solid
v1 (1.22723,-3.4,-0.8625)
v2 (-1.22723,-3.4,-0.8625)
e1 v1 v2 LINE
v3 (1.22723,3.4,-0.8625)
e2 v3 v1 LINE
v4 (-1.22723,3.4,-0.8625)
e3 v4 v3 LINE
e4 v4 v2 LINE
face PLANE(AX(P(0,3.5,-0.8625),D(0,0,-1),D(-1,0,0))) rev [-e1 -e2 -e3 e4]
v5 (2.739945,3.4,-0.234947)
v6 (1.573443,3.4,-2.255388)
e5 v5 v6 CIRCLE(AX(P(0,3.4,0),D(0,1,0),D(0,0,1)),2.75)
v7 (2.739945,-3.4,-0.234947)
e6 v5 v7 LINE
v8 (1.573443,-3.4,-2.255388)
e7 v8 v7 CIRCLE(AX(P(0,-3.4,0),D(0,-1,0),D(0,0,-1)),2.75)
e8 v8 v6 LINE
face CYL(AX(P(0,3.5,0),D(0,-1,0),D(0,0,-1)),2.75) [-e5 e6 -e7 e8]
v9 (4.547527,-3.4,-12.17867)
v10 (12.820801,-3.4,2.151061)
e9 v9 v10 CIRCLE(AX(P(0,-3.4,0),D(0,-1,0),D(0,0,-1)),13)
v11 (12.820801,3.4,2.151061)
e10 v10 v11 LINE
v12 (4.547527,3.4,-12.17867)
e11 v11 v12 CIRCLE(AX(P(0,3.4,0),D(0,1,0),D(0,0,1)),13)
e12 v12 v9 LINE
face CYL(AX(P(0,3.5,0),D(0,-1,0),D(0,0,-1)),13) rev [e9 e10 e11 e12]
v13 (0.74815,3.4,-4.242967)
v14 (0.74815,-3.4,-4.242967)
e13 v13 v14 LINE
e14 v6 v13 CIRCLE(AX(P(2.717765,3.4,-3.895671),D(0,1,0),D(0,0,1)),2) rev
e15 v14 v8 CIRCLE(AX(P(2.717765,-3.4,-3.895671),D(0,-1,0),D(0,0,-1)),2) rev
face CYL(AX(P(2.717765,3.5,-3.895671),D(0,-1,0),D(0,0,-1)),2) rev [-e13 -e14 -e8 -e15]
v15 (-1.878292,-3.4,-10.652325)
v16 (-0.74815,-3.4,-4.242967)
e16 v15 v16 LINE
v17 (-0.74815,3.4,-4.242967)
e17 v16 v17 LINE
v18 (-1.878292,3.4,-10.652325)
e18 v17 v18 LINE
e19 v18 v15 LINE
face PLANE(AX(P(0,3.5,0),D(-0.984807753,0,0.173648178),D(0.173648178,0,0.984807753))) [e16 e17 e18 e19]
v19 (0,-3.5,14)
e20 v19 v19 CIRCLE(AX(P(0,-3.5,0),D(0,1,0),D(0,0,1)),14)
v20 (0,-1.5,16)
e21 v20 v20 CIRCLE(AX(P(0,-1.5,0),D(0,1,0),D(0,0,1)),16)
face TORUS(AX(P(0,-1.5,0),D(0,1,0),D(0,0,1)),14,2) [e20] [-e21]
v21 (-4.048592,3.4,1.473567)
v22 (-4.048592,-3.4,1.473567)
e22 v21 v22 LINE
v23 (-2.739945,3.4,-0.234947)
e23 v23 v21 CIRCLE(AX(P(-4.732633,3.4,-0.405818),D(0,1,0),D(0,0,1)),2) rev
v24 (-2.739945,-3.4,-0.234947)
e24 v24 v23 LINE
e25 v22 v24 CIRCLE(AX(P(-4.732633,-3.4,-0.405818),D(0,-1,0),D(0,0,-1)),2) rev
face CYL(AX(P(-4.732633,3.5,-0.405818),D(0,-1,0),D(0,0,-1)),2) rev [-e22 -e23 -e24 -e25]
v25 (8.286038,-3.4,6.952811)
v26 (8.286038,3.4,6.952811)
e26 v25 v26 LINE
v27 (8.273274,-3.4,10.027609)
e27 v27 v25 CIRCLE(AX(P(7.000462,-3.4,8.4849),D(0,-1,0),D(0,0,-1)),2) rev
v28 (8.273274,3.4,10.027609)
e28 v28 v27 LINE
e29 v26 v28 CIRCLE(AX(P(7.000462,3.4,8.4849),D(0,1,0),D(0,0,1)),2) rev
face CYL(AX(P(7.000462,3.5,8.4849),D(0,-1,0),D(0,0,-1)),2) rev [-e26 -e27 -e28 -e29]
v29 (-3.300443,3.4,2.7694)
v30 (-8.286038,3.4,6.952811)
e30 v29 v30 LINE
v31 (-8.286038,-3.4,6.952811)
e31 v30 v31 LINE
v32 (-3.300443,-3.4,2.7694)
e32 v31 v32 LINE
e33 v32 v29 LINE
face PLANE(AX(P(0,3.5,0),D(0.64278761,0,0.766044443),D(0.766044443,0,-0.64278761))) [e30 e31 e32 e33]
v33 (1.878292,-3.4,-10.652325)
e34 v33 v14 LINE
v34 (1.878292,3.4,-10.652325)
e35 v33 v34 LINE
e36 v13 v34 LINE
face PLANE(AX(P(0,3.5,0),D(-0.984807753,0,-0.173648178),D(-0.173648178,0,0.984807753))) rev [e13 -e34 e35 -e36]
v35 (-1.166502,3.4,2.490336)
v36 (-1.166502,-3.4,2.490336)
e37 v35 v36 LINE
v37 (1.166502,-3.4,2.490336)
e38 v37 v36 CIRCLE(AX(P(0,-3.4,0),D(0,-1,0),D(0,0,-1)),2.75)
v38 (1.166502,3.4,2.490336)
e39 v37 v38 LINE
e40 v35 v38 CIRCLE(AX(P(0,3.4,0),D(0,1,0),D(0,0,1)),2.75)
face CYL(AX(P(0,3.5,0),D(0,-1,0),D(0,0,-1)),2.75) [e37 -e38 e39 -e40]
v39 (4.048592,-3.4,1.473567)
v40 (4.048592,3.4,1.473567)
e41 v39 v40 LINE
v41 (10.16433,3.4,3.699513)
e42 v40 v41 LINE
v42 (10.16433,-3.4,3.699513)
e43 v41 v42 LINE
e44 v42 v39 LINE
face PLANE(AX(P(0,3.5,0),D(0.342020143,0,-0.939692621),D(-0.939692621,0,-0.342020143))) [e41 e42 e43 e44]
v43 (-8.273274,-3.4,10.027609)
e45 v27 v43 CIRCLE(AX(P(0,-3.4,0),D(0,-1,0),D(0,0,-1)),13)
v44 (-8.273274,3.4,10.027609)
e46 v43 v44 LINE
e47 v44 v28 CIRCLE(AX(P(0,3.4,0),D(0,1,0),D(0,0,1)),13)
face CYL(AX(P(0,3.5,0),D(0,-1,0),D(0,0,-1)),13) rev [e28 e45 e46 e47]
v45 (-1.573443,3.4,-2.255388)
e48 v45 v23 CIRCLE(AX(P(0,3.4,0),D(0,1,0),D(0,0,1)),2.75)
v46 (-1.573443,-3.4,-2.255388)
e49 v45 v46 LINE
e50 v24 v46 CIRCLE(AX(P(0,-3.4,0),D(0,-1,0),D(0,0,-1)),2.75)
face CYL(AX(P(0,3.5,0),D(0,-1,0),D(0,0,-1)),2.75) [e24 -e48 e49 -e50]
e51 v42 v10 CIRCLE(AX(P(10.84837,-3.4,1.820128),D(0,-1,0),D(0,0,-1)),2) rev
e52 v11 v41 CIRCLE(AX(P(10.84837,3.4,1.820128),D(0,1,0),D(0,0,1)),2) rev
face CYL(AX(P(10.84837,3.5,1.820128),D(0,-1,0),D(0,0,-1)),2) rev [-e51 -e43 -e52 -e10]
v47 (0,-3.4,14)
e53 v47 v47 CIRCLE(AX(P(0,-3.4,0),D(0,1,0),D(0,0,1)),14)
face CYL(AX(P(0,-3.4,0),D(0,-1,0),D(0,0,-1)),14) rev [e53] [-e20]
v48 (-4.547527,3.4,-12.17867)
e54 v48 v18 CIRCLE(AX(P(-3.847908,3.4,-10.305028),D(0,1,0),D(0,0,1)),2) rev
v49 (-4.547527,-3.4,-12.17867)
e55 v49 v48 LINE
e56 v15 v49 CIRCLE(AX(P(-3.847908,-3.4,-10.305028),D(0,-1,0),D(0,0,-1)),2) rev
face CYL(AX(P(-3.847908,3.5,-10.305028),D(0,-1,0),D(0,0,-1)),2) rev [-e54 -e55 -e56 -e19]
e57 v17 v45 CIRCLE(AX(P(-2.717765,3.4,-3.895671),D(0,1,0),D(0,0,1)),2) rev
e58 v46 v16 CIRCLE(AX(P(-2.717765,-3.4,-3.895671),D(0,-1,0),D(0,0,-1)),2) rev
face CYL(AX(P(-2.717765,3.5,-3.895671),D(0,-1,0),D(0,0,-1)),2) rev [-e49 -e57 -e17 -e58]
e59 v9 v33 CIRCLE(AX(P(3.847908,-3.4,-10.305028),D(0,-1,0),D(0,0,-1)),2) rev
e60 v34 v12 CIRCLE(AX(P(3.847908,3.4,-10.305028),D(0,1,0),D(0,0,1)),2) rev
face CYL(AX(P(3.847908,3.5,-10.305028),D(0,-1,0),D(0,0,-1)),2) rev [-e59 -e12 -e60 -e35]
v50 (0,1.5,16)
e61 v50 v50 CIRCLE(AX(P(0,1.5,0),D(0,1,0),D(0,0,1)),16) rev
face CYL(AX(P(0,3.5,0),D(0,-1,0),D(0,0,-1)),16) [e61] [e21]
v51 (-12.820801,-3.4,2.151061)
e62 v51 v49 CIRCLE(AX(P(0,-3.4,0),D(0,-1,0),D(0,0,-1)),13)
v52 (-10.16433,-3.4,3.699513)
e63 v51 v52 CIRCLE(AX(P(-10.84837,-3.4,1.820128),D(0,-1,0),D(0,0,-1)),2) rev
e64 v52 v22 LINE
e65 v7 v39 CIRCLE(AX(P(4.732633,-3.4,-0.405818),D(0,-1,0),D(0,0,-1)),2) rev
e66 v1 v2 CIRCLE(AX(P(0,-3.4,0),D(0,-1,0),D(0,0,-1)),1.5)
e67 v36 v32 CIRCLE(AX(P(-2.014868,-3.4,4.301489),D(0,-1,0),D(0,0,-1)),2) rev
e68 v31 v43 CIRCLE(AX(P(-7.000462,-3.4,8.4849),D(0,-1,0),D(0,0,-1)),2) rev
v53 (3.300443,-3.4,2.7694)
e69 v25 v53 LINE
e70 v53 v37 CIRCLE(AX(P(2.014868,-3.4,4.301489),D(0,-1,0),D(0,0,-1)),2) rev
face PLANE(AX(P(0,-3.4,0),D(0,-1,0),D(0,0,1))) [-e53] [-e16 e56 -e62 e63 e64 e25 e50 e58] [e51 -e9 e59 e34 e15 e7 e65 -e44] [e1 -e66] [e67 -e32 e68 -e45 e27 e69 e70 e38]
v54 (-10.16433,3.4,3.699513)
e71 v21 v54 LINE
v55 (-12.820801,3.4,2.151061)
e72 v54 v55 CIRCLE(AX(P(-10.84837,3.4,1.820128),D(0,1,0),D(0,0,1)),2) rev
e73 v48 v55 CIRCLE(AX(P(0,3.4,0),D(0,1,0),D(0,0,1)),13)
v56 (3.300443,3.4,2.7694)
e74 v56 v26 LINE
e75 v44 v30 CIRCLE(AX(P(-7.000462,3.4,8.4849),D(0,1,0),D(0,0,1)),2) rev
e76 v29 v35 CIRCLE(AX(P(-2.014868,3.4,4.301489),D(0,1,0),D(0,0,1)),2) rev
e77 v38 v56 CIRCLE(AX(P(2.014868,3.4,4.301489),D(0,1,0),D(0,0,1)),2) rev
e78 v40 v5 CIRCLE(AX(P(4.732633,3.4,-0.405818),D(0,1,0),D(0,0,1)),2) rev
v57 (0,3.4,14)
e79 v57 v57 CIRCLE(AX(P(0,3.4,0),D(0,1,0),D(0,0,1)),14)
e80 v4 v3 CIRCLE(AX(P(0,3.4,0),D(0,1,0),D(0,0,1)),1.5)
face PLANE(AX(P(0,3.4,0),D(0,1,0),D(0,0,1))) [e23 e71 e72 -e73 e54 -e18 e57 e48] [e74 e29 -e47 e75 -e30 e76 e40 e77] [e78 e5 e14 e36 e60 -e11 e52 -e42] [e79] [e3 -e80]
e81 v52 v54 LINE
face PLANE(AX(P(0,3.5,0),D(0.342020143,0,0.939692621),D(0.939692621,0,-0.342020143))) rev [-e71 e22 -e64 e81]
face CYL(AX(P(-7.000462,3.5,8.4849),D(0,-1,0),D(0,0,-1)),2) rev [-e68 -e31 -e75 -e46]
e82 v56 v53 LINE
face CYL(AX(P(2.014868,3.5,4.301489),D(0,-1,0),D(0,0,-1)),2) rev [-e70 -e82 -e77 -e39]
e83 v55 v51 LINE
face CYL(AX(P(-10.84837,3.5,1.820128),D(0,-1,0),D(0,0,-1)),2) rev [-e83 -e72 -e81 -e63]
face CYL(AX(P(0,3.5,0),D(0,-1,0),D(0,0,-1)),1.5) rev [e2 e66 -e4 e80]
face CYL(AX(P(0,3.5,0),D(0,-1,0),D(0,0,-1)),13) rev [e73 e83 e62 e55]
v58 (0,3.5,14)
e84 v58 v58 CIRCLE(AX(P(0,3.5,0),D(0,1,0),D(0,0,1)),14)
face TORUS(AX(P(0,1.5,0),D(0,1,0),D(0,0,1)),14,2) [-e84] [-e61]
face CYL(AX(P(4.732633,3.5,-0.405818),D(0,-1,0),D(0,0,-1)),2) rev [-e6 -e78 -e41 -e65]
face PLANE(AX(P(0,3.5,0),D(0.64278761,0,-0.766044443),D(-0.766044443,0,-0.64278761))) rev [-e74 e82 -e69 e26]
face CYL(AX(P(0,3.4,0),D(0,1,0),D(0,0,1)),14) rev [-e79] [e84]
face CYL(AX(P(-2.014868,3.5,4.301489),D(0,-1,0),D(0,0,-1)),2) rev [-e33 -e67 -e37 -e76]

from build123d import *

# Parameters (mm, degrees)
SKETCH1_R           = 16
SKETCH1_R_2         = 13
SKETCH1_R_3         = 2.75
BOSS_EXTRUDE1_DEPTH = 3.5
FILLET2_R           = 2
FILLET3_R           = 2
SKETCH4_R           = 14
CUT_EXTRUDE2_DEPTH  = 0.1


with BuildPart() as part:
    # Sketch1 → Boss-Extrude1 (new body, symmetric)
    with BuildSketch(Plane(origin=(0, 0, 0), x_dir=(1, 0, 0), z_dir=(0, 1, 0))):
        Circle(SKETCH1_R)
        Circle(SKETCH1_R_2, mode=Mode.SUBTRACT)
        with BuildLine():
            ThreePointArc((-2.106622219, -1.767665927), (-2.38156986, -1.375), (-2.584154707, -0.940555394))
            Line((-2.584154707, -0.940555394), (-12.21600407, -4.446261863))
            ThreePointArc((-12.21600407, -4.446261863), (-11.258330249, -6.5), (-9.958577761, -8.356238926))
            Line((-9.958577761, -8.356238926), (-2.106622219, -1.767665927))
        make_face()
        Circle(SKETCH1_R_3)
        with BuildLine():
            ThreePointArc((-1.227230113, 0.8625), (0, -1.5), (1.227230113, 0.8625))
            Line((1.227230113, 0.8625), (-1.227230113, 0.8625))
        make_face(mode=Mode.SUBTRACT)
        with BuildLine():
            Line((-2.25742631, 12.802500789), (-0.477532489, 2.708221321))
            ThreePointArc((-0.477532489, 2.708221321), (0, 2.75), (0.477532489, 2.708221321))
            Line((0.477532489, 2.708221321), (2.25742631, 12.802500789))
            ThreePointArc((2.25742631, 12.802500789), (0, 13), (-2.25742631, 12.802500789))
        make_face()
        with BuildLine():
            Line((12.21600407, -4.446261863), (2.584154707, -0.940555394))
            ThreePointArc((2.584154707, -0.940555394), (2.38156986, -1.375), (2.106622219, -1.767665927))
            Line((2.106622219, -1.767665927), (9.958577761, -8.356238926))
            ThreePointArc((9.958577761, -8.356238926), (11.258330249, -6.5), (12.21600407, -4.446261863))
        make_face()
    extrude(amount=BOSS_EXTRUDE1_DEPTH, both=True)

    # Fillet2
    fillet2_edges = [part.edges().sort_by_distance(p)[0] for p in [
        (-16, -3.5, 0),
        (-16, 3.5, 0),
    ]]
    fillet(fillet2_edges, radius=FILLET2_R)

    # Fillet3
    fillet3_edges = [part.edges().sort_by_distance(p)[0] for p in [
        (2.584154707, 0, 0.940555394),
        (12.21600407, 0, 4.446261863),
        (2.25742631, 0, -12.802500789),
        (0.477532489, 0, -2.708221321),
        (-2.25742631, 0, -12.802500789),
        (-12.21600407, 0, 4.446261863),
        (-2.584154707, 0, 0.940555394),
        (-0.477532489, 0, -2.708221321),
        (-9.958577761, 0, 8.356238926),
        (9.958577761, 0, 8.356238926),
        (2.106622219, 0, 1.767665927),
        (-2.106622219, 0, 1.767665927),
    ]]
    fillet(fillet3_edges, radius=FILLET3_R)

    # Sketch4 → Cut-Extrude2 (cut)
    with BuildSketch(Plane(origin=(0, 3.5, 0), x_dir=(1, 0, 0), z_dir=(0, 1, 0))):
        Circle(SKETCH4_R)
    cut_extrude2 = extrude(amount=-CUT_EXTRUDE2_DEPTH, mode=Mode.SUBTRACT)

    # Mirror1: Cut-Extrude2 across plane
    add(cut_extrude2.mirror(Plane.ZX), mode=Mode.SUBTRACT)


solid = part.part
